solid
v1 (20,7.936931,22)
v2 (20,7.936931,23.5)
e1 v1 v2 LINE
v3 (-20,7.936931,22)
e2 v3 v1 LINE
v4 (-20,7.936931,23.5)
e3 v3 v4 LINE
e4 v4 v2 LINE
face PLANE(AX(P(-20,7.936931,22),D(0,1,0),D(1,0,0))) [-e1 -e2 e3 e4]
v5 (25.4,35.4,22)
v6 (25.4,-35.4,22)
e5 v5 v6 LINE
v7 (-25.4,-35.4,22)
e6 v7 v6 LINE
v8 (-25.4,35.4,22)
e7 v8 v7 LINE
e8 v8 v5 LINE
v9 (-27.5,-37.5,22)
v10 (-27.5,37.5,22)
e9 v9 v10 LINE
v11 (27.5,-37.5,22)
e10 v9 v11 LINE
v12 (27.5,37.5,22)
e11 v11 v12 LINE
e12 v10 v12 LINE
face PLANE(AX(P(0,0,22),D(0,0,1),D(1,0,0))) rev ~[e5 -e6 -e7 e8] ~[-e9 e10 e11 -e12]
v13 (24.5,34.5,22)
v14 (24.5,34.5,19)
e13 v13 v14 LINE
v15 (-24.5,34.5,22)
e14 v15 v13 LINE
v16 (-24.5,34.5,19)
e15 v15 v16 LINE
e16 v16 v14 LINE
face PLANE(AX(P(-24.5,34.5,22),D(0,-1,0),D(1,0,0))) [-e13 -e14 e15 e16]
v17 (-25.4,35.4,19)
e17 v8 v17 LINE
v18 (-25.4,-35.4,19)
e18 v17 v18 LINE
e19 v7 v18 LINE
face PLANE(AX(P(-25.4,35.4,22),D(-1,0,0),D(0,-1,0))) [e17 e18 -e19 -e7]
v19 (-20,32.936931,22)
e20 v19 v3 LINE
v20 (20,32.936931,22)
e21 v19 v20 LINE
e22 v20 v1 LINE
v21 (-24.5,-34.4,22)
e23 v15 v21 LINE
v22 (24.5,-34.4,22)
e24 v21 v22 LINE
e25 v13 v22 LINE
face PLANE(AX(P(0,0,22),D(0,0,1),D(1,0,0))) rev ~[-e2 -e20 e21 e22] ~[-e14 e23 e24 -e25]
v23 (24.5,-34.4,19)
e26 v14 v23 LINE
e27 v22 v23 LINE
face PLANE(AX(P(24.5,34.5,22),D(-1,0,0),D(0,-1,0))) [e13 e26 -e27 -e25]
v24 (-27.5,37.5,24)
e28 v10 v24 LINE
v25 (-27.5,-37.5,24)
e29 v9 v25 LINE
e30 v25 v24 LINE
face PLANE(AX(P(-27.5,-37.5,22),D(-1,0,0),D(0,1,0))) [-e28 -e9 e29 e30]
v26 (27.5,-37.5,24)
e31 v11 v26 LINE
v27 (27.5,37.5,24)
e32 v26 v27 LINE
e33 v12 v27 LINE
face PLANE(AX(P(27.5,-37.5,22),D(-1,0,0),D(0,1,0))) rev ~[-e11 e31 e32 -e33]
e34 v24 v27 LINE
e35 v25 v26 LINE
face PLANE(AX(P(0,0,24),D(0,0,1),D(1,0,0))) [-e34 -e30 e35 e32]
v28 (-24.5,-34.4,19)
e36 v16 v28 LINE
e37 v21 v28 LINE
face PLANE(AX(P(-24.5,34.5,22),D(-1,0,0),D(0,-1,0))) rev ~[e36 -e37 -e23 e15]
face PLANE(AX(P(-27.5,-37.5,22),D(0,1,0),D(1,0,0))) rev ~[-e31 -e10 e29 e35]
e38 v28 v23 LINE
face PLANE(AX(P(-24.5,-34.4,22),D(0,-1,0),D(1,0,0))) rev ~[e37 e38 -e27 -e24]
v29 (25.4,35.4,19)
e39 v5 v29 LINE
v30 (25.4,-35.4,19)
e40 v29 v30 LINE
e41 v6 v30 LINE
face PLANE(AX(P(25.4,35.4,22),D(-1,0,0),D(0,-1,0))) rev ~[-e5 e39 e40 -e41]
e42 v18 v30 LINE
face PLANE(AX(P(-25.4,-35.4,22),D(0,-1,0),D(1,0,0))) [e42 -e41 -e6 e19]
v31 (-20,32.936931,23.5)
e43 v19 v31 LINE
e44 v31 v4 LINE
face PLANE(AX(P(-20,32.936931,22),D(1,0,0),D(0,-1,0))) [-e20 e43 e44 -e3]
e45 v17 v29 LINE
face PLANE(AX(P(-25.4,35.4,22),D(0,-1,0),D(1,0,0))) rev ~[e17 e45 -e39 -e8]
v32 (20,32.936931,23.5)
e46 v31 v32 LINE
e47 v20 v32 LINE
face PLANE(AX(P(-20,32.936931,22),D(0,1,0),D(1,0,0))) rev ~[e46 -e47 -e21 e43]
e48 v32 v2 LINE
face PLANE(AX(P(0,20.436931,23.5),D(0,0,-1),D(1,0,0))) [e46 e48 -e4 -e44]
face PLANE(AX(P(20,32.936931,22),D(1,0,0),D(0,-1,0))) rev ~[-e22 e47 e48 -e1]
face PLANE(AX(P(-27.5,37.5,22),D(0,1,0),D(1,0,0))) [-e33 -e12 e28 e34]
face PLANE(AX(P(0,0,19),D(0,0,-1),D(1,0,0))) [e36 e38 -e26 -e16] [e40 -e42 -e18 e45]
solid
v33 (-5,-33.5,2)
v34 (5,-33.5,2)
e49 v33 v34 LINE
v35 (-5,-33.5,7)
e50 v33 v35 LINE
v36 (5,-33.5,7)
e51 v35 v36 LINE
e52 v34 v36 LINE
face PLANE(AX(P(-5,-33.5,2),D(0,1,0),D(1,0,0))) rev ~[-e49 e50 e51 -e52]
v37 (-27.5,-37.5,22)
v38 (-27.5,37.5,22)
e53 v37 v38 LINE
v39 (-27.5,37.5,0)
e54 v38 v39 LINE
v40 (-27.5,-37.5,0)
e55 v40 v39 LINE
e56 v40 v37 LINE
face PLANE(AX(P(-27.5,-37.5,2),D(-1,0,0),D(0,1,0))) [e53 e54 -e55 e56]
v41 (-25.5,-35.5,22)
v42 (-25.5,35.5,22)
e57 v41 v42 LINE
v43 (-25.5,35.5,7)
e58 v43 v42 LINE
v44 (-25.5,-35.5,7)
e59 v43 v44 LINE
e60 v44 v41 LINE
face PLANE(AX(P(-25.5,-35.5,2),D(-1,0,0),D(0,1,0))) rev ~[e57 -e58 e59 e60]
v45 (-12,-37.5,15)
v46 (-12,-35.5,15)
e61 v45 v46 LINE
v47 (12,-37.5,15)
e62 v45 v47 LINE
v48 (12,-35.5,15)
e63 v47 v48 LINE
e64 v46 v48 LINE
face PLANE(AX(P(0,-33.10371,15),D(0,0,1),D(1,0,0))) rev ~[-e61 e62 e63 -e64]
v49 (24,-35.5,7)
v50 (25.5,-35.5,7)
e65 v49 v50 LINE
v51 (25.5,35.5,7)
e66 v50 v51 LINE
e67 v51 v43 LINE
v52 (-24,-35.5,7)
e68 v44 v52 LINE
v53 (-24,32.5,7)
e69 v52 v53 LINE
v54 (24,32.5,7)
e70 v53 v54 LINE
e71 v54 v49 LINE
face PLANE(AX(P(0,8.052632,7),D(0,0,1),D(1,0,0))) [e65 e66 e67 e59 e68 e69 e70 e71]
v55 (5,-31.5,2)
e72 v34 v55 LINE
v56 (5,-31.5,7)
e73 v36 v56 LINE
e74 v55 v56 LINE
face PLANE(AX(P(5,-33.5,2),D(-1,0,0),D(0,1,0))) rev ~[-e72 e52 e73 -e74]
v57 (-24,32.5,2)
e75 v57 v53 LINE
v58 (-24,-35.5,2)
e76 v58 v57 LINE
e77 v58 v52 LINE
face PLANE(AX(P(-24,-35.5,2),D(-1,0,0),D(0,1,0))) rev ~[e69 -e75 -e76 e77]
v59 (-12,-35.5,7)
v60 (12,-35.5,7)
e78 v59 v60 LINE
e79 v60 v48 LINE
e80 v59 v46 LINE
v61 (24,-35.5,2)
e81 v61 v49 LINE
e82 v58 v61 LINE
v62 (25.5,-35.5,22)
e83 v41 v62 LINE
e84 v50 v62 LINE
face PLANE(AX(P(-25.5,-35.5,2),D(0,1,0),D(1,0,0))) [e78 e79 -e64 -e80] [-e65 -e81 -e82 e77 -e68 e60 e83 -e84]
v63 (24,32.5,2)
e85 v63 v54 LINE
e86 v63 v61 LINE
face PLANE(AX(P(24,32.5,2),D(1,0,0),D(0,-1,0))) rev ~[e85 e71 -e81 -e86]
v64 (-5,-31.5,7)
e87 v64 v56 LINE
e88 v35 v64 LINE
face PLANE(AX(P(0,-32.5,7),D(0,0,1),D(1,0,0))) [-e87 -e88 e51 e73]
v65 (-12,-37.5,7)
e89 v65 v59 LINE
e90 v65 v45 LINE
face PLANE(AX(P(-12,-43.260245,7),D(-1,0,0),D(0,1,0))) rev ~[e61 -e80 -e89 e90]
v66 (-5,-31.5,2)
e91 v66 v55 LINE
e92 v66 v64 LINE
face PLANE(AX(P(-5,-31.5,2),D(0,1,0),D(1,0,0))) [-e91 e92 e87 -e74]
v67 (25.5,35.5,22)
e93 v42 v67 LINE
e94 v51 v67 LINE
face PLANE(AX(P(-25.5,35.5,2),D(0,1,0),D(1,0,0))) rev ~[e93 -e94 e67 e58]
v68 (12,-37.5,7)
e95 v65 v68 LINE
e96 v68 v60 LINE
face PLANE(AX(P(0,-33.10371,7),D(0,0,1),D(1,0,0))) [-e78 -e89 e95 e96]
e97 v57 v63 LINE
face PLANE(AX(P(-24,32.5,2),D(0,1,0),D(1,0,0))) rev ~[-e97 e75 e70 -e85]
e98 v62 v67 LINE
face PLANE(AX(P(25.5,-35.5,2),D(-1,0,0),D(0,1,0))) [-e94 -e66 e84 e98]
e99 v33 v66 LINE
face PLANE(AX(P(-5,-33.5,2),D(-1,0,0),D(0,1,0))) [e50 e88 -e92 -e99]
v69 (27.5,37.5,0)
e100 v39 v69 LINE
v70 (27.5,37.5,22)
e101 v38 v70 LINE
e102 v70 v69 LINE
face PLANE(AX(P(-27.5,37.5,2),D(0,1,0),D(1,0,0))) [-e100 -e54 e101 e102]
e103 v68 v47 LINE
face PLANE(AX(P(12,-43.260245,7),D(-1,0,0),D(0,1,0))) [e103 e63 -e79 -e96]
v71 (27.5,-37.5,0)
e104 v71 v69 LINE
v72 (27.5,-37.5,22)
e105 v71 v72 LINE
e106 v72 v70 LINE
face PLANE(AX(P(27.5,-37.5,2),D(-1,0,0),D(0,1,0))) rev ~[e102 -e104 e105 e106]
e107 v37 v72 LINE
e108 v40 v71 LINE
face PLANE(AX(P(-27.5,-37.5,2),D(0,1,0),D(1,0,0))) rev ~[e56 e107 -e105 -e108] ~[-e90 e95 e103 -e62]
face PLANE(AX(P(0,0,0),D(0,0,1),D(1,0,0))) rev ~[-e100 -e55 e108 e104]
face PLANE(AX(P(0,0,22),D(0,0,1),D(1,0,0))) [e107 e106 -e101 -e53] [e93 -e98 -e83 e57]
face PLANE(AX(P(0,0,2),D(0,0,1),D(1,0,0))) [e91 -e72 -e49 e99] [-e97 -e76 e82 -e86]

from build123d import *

# Parameters (mm, degrees)
F0_W      = 55
F0_H      = 75
F1_DEPTH  = 2
F2_W      = 55
F2_H      = 75
F2_W_2    = 51
F2_H_2    = 71
F3_DEPTH  = 20
F4_W      = 10
F4_H      = 2
F5_DEPTH  = 5
F6_W      = 24
F6_H      = 20.3130708972
F7_DEPTH  = 8
F8_W      = 55
F8_H      = 75
F9_DEPTH  = 2
F10_W     = 50.8
F10_H     = 70.8
F10_W_2   = 49
F10_H_2   = 68.9
F11_DEPTH = 3
F12_W     = 40
F12_H     = 25
F13_DEPTH = 1.5


with BuildPart() as f1:
    # F0 (on Top) → F1 (new body)
    with BuildSketch(Plane.XY):
        Rectangle(F0_W, F0_H)
    extrude(amount=F1_DEPTH)

    # F2 (on face) → F3 (join)
    with BuildSketch(Plane.XY.offset(2)):
        Rectangle(F2_W, F2_H)
        Rectangle(F2_W_2, F2_H_2, mode=Mode.SUBTRACT)
    extrude(amount=F3_DEPTH)

    # F4 (on face) → F5 (join)
    with BuildSketch(Plane.XY.offset(2)):
        Polygon((-25.5, 35.5), (-25.5, -35.5), (-24, -35.5), (-24, 32.5), (24, 32.5), (24, -35.5), (25.5, -35.5), (25.5, 35.5), align=None)
        with Locations((0, -32.5)):
            Rectangle(F4_W, F4_H)
    extrude(amount=F5_DEPTH)

    # F6 (on face) → F7 (cut)
    with BuildSketch(Plane.XY.offset(7)):
        with Locations((0, -33.1037100405)):
            Rectangle(F6_W, F6_H)
    extrude(amount=F7_DEPTH, mode=Mode.SUBTRACT)


with BuildPart() as f9:
    # F8 (on face) → F9 (new body)
    with BuildSketch(Plane.XY.offset(22)):
        Rectangle(F8_W, F8_H)
    extrude(amount=F9_DEPTH)

    # F10 (on face) → F11 (join)
    with BuildSketch(Plane(origin=(0, 0, 22), x_dir=(1, 0, 0), z_dir=(0, 0, -1))):
        Rectangle(F10_W, F10_H)
        with Locations((0, -0.05)):
            Rectangle(F10_W_2, F10_H_2, mode=Mode.SUBTRACT)
    extrude(amount=F11_DEPTH)

    # F12 (on face) → F13 (cut, through all)
    with BuildSketch(Plane(origin=(0, 0, 22), x_dir=(1, 0, 0), z_dir=(0, 0, -1))):
        with Locations((0, -20.4369307555)):
            Rectangle(F12_W, F12_H)
    extrude(amount=-F13_DEPTH, mode=Mode.SUBTRACT)


solid = Compound([f1.part, f9.part])
